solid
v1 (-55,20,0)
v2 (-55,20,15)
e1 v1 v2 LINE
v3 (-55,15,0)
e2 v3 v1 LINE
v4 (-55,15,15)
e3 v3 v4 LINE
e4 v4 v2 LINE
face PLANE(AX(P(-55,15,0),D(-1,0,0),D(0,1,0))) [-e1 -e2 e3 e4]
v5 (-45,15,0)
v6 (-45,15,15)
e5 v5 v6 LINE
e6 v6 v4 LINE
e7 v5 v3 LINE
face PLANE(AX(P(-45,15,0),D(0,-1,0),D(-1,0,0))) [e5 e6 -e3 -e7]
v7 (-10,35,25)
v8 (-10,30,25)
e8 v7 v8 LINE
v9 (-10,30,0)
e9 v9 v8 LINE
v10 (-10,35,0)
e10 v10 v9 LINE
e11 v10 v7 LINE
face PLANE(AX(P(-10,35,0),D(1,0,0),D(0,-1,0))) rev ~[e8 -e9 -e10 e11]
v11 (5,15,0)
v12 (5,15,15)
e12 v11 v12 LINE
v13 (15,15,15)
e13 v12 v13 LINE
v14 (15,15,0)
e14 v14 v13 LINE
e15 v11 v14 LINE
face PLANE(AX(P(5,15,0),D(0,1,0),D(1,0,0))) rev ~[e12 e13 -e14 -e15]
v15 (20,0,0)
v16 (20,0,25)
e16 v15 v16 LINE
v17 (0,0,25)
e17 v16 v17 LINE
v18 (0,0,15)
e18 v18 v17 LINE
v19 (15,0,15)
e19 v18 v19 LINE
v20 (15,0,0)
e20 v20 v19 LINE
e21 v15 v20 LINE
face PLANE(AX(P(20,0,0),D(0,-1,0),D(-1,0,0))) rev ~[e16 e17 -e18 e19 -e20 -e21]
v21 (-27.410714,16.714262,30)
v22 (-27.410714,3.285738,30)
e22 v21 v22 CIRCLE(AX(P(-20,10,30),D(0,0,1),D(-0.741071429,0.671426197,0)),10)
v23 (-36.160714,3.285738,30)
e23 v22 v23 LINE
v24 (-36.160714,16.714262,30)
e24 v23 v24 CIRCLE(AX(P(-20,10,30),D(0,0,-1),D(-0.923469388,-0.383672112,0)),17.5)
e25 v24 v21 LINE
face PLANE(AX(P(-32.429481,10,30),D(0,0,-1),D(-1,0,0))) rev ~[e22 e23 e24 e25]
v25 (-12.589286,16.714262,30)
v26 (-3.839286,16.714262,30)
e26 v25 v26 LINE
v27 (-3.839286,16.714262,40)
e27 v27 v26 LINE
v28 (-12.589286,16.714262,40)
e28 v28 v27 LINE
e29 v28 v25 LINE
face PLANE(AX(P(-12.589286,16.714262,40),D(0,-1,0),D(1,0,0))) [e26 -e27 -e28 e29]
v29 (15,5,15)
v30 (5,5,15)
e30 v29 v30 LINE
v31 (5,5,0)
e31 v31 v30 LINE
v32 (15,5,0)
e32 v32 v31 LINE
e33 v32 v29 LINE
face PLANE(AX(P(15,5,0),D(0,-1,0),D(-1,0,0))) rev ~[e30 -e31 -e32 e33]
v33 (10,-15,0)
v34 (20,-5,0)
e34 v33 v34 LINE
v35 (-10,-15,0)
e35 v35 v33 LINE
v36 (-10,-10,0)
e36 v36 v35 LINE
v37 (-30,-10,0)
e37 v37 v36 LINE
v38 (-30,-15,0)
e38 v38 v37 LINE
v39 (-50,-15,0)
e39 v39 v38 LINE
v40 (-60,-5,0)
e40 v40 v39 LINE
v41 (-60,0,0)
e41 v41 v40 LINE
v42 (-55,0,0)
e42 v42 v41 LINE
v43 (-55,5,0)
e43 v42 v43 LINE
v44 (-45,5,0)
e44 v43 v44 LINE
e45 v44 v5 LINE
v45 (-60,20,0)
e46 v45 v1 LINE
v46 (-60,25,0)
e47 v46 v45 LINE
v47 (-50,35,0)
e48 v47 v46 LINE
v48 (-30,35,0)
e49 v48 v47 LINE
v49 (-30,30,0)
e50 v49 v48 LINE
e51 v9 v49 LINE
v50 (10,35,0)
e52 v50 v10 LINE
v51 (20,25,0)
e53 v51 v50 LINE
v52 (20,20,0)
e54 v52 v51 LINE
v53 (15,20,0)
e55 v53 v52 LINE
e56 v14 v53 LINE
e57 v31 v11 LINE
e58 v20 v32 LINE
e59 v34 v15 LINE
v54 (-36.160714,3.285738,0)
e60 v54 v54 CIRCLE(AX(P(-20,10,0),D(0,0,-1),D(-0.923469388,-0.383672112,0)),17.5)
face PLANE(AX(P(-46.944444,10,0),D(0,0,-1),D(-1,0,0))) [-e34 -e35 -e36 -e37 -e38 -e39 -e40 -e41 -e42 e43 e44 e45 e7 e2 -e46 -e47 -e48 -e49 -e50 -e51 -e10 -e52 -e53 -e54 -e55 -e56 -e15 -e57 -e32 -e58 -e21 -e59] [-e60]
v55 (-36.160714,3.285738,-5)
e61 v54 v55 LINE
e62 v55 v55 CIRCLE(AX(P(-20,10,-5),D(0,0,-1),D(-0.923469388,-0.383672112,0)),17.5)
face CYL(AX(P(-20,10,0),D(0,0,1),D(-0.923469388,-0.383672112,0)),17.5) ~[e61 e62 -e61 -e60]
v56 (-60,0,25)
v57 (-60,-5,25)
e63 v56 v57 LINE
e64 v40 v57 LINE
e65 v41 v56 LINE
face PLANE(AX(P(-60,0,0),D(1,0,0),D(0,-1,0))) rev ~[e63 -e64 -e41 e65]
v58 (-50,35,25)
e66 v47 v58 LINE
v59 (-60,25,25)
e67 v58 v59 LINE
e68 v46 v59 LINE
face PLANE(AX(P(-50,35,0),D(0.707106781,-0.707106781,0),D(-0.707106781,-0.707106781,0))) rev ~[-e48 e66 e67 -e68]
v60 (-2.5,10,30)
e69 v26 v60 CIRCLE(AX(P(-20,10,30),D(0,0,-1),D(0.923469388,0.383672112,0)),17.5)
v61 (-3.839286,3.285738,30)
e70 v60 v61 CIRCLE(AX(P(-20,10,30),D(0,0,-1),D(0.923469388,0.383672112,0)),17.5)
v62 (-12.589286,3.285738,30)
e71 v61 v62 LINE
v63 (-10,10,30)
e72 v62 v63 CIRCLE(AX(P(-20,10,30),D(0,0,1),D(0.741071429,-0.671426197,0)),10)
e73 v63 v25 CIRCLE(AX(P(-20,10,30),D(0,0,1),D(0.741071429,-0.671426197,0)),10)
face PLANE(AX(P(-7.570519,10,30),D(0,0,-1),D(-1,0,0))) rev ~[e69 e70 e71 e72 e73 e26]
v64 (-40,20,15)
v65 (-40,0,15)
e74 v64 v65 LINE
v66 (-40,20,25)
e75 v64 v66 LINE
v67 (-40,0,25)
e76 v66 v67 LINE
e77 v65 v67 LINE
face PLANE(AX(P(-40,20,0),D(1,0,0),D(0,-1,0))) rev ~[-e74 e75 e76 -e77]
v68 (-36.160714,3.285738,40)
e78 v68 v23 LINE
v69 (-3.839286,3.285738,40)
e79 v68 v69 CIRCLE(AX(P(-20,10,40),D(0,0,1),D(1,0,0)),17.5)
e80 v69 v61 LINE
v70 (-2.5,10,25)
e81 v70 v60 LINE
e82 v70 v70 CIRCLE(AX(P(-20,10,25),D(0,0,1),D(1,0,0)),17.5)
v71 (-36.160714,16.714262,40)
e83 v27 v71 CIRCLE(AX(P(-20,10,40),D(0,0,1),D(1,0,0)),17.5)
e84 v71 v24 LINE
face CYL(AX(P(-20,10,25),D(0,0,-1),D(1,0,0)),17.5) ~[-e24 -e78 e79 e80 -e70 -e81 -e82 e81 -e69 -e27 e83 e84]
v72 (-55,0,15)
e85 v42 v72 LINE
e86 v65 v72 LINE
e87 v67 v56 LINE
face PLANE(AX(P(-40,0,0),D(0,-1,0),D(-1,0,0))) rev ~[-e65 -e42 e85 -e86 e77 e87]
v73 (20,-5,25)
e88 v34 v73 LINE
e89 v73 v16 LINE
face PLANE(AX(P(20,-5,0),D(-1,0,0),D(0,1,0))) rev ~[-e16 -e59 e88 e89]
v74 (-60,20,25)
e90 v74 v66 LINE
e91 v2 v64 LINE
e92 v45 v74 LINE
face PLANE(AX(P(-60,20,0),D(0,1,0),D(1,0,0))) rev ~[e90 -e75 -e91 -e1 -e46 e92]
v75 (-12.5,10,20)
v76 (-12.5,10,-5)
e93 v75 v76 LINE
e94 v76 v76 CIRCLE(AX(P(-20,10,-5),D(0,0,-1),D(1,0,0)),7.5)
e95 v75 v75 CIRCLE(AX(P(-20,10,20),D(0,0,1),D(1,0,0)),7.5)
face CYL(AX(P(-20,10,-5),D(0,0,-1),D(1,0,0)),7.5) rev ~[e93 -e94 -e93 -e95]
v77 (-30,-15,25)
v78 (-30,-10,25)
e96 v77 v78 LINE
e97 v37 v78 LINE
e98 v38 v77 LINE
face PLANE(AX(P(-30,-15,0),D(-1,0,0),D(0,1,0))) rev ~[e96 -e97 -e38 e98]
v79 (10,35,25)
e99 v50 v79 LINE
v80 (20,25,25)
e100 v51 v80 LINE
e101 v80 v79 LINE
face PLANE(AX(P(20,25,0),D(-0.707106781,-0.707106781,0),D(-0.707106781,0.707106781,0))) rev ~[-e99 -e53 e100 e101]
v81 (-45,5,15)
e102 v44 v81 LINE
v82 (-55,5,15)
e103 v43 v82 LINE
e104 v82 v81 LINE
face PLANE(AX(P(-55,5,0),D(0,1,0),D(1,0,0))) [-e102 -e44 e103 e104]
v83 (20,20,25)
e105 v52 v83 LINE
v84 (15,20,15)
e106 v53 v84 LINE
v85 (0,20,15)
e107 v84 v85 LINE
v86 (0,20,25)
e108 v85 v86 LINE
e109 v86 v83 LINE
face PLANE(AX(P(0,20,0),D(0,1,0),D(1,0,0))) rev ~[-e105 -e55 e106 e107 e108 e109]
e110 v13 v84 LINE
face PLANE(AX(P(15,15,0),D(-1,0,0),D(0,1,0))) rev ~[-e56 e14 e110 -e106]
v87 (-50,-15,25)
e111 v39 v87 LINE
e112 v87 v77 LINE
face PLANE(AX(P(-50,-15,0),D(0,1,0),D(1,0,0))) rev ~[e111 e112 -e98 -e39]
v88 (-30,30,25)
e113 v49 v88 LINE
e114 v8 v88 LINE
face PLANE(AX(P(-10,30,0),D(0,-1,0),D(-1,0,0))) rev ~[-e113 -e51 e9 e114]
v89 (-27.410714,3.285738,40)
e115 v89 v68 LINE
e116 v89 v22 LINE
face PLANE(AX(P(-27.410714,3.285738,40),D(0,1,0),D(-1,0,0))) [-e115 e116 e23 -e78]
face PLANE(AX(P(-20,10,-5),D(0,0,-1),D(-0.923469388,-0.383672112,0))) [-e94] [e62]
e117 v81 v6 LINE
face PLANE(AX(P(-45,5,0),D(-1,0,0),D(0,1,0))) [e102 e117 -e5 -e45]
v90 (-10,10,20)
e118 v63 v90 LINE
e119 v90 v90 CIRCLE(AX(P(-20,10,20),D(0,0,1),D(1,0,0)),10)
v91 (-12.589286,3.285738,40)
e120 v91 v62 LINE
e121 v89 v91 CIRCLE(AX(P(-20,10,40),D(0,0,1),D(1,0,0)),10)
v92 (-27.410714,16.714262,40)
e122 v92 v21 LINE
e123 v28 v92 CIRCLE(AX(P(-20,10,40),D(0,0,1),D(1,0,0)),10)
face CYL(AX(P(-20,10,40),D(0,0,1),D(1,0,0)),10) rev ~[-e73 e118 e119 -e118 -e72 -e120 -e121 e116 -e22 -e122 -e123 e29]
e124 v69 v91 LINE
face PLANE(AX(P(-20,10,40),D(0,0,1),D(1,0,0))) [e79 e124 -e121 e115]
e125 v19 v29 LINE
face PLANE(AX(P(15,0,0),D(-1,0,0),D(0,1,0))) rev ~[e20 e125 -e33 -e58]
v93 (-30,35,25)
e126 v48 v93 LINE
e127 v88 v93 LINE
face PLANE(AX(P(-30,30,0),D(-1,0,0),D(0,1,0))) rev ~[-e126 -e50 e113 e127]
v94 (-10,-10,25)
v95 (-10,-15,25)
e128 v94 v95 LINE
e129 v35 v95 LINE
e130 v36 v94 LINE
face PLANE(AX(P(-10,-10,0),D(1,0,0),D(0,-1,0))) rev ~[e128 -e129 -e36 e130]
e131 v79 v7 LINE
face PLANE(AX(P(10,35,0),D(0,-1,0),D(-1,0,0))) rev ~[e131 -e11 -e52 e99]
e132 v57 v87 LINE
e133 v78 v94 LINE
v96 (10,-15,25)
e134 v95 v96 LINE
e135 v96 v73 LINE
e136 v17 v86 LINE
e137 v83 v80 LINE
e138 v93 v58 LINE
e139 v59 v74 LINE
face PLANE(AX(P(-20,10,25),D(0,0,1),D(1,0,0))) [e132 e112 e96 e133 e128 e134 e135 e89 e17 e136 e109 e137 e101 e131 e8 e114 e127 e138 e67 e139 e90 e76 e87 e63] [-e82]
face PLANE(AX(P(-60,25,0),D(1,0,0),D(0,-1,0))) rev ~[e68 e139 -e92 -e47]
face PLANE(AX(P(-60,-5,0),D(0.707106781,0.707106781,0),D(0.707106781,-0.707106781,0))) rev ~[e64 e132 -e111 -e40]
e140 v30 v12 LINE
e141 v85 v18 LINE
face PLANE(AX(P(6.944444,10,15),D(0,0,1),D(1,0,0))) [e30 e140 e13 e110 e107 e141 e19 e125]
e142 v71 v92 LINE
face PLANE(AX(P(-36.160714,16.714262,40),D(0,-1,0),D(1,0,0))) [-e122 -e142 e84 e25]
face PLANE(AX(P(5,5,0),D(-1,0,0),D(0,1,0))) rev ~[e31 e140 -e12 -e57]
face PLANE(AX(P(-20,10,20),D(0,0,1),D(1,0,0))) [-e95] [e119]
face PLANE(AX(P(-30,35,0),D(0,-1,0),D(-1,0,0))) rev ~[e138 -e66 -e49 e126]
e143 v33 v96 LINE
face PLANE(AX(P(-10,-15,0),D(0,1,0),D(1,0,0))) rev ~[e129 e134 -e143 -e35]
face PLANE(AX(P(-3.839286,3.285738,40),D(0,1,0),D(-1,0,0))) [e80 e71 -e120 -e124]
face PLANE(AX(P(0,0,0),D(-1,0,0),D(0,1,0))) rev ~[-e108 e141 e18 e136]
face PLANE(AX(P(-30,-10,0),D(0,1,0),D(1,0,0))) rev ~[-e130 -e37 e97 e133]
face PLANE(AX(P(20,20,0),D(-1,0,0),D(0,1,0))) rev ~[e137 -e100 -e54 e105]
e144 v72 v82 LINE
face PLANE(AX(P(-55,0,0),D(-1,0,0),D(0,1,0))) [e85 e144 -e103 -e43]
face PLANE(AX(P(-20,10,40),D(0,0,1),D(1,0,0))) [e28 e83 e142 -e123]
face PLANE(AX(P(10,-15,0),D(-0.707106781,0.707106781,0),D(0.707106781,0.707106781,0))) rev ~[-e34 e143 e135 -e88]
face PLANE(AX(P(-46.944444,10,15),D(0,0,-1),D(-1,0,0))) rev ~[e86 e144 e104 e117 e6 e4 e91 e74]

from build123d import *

# Parameters (mm, degrees)
BOSS_EXTRUDE1_DEPTH = 25
BOSS_EXTRUDE5_DEPTH = 15
SKETCH3_R           = 17.5
BOSS_EXTRUDE6_DEPTH = 15
SKETCH4_R           = 10
CUT_EXTRUDE1_DEPTH  = 20
SKETCH5_R           = 7.5
CUT_EXTRUDE2_DEPTH  = 80
CUT_EXTRUDE3_DEPTH  = 10
SKETCH7_R           = 17.5
BOSS_EXTRUDE7_DEPTH = 5
SKETCH8_R           = 7.5
CUT_EXTRUDE4_DEPTH  = 315


with BuildPart() as part:
    # Sketch1 → Boss-Extrude1 (new body)
    with BuildSketch(Plane.XY):
        Polygon((-60, 0), (-60, -5), (-50, -15), (-30, -15), (-30, -10), (-10, -10), (-10, -15), (10, -15), (20, -5), (20, 0), (0, 0), (0, 20), (20, 20), (20, 25), (10, 35), (-10, 35), (-10, 30), (-30, 30), (-30, 35), (-50, 35), (-60, 25), (-60, 20), (-40, 20), (-40, 0), align=None)
    extrude(amount=BOSS_EXTRUDE1_DEPTH)

    # Sketch2 → Boss-Extrude5 (add)
    with BuildSketch(Plane(origin=(0, 0, 0), x_dir=(-1, 0, 0), z_dir=(0, 0, -1))):
        Polygon((55, 20), (40, 20), (40, 0), (55, 0), (55, 5), (45, 5), (45, 15), (55, 15), align=None)
        Polygon((-15, 15), (-15, 20), (0, 20), (0, 0), (-15, 0), (-15, 5), (-5, 5), (-5, 15), align=None)
    extrude(amount=-BOSS_EXTRUDE5_DEPTH)

    # Sketch3 → Boss-Extrude6 (add)
    with BuildSketch(Plane.XY.offset(25)):
        with Locations((-20, 10)):
            Circle(SKETCH3_R)
    extrude(amount=BOSS_EXTRUDE6_DEPTH)

    # Sketch4 → Cut-Extrude1 (cut)
    with BuildSketch(Plane.XY.offset(40)):
        with Locations((-20, 10)):
            Circle(SKETCH4_R)
    extrude(amount=-CUT_EXTRUDE1_DEPTH, mode=Mode.SUBTRACT)

    # Sketch5 → Cut-Extrude2 (cut)
    with BuildSketch(Plane.XY.offset(20)):
        with Locations((-20, 10)):
            Circle(SKETCH5_R)
    extrude(amount=-CUT_EXTRUDE2_DEPTH, mode=Mode.SUBTRACT)

    # Sketch6 → Cut-Extrude3 (cut)
    with BuildSketch(Plane.XY.offset(40)):
        with BuildLine():
            Line((-36.160714286, 16.714261968), (-27.410714286, 16.714261968))
            ThreePointArc((-27.410714286, 16.714261968), (-30, 10), (-27.410714286, 3.285738032))
            Line((-27.410714286, 3.285738032), (-36.160714286, 3.285738032))
            ThreePointArc((-36.160714286, 3.285738032), (-37.5, 10), (-36.160714286, 16.714261968))
        make_face()
        with BuildLine():
            Line((-12.589285714, 16.714261968), (-3.839285714, 16.714261968))
            ThreePointArc((-3.839285714, 16.714261968), (-2.5, 10), (-3.839285714, 3.285738032))
            Line((-3.839285714, 3.285738032), (-12.589285714, 3.285738032))
            ThreePointArc((-12.589285714, 3.285738032), (-10, 10), (-12.589285714, 16.714261968))
        make_face()
    extrude(amount=-CUT_EXTRUDE3_DEPTH, mode=Mode.SUBTRACT)

    # Sketch7 → Boss-Extrude7 (add)
    with BuildSketch(Plane(origin=(0, 0, 0), x_dir=(-1, 0, 0), z_dir=(0, 0, -1))):
        with Locations(Location((20, 10, 0), (0, 0, 337.438671909))):
            Circle(SKETCH7_R)
    extrude(amount=BOSS_EXTRUDE7_DEPTH)

    # Sketch8 → Cut-Extrude4 (cut)
    with BuildSketch(Plane(origin=(0, 0, -5), x_dir=(-1, 0, 0), z_dir=(0, 0, -1))):
        with Locations(Location((20, 10, 0), (0, 0, 180))):
            Circle(SKETCH8_R)
    extrude(amount=-CUT_EXTRUDE4_DEPTH, mode=Mode.SUBTRACT)


solid = part.part
